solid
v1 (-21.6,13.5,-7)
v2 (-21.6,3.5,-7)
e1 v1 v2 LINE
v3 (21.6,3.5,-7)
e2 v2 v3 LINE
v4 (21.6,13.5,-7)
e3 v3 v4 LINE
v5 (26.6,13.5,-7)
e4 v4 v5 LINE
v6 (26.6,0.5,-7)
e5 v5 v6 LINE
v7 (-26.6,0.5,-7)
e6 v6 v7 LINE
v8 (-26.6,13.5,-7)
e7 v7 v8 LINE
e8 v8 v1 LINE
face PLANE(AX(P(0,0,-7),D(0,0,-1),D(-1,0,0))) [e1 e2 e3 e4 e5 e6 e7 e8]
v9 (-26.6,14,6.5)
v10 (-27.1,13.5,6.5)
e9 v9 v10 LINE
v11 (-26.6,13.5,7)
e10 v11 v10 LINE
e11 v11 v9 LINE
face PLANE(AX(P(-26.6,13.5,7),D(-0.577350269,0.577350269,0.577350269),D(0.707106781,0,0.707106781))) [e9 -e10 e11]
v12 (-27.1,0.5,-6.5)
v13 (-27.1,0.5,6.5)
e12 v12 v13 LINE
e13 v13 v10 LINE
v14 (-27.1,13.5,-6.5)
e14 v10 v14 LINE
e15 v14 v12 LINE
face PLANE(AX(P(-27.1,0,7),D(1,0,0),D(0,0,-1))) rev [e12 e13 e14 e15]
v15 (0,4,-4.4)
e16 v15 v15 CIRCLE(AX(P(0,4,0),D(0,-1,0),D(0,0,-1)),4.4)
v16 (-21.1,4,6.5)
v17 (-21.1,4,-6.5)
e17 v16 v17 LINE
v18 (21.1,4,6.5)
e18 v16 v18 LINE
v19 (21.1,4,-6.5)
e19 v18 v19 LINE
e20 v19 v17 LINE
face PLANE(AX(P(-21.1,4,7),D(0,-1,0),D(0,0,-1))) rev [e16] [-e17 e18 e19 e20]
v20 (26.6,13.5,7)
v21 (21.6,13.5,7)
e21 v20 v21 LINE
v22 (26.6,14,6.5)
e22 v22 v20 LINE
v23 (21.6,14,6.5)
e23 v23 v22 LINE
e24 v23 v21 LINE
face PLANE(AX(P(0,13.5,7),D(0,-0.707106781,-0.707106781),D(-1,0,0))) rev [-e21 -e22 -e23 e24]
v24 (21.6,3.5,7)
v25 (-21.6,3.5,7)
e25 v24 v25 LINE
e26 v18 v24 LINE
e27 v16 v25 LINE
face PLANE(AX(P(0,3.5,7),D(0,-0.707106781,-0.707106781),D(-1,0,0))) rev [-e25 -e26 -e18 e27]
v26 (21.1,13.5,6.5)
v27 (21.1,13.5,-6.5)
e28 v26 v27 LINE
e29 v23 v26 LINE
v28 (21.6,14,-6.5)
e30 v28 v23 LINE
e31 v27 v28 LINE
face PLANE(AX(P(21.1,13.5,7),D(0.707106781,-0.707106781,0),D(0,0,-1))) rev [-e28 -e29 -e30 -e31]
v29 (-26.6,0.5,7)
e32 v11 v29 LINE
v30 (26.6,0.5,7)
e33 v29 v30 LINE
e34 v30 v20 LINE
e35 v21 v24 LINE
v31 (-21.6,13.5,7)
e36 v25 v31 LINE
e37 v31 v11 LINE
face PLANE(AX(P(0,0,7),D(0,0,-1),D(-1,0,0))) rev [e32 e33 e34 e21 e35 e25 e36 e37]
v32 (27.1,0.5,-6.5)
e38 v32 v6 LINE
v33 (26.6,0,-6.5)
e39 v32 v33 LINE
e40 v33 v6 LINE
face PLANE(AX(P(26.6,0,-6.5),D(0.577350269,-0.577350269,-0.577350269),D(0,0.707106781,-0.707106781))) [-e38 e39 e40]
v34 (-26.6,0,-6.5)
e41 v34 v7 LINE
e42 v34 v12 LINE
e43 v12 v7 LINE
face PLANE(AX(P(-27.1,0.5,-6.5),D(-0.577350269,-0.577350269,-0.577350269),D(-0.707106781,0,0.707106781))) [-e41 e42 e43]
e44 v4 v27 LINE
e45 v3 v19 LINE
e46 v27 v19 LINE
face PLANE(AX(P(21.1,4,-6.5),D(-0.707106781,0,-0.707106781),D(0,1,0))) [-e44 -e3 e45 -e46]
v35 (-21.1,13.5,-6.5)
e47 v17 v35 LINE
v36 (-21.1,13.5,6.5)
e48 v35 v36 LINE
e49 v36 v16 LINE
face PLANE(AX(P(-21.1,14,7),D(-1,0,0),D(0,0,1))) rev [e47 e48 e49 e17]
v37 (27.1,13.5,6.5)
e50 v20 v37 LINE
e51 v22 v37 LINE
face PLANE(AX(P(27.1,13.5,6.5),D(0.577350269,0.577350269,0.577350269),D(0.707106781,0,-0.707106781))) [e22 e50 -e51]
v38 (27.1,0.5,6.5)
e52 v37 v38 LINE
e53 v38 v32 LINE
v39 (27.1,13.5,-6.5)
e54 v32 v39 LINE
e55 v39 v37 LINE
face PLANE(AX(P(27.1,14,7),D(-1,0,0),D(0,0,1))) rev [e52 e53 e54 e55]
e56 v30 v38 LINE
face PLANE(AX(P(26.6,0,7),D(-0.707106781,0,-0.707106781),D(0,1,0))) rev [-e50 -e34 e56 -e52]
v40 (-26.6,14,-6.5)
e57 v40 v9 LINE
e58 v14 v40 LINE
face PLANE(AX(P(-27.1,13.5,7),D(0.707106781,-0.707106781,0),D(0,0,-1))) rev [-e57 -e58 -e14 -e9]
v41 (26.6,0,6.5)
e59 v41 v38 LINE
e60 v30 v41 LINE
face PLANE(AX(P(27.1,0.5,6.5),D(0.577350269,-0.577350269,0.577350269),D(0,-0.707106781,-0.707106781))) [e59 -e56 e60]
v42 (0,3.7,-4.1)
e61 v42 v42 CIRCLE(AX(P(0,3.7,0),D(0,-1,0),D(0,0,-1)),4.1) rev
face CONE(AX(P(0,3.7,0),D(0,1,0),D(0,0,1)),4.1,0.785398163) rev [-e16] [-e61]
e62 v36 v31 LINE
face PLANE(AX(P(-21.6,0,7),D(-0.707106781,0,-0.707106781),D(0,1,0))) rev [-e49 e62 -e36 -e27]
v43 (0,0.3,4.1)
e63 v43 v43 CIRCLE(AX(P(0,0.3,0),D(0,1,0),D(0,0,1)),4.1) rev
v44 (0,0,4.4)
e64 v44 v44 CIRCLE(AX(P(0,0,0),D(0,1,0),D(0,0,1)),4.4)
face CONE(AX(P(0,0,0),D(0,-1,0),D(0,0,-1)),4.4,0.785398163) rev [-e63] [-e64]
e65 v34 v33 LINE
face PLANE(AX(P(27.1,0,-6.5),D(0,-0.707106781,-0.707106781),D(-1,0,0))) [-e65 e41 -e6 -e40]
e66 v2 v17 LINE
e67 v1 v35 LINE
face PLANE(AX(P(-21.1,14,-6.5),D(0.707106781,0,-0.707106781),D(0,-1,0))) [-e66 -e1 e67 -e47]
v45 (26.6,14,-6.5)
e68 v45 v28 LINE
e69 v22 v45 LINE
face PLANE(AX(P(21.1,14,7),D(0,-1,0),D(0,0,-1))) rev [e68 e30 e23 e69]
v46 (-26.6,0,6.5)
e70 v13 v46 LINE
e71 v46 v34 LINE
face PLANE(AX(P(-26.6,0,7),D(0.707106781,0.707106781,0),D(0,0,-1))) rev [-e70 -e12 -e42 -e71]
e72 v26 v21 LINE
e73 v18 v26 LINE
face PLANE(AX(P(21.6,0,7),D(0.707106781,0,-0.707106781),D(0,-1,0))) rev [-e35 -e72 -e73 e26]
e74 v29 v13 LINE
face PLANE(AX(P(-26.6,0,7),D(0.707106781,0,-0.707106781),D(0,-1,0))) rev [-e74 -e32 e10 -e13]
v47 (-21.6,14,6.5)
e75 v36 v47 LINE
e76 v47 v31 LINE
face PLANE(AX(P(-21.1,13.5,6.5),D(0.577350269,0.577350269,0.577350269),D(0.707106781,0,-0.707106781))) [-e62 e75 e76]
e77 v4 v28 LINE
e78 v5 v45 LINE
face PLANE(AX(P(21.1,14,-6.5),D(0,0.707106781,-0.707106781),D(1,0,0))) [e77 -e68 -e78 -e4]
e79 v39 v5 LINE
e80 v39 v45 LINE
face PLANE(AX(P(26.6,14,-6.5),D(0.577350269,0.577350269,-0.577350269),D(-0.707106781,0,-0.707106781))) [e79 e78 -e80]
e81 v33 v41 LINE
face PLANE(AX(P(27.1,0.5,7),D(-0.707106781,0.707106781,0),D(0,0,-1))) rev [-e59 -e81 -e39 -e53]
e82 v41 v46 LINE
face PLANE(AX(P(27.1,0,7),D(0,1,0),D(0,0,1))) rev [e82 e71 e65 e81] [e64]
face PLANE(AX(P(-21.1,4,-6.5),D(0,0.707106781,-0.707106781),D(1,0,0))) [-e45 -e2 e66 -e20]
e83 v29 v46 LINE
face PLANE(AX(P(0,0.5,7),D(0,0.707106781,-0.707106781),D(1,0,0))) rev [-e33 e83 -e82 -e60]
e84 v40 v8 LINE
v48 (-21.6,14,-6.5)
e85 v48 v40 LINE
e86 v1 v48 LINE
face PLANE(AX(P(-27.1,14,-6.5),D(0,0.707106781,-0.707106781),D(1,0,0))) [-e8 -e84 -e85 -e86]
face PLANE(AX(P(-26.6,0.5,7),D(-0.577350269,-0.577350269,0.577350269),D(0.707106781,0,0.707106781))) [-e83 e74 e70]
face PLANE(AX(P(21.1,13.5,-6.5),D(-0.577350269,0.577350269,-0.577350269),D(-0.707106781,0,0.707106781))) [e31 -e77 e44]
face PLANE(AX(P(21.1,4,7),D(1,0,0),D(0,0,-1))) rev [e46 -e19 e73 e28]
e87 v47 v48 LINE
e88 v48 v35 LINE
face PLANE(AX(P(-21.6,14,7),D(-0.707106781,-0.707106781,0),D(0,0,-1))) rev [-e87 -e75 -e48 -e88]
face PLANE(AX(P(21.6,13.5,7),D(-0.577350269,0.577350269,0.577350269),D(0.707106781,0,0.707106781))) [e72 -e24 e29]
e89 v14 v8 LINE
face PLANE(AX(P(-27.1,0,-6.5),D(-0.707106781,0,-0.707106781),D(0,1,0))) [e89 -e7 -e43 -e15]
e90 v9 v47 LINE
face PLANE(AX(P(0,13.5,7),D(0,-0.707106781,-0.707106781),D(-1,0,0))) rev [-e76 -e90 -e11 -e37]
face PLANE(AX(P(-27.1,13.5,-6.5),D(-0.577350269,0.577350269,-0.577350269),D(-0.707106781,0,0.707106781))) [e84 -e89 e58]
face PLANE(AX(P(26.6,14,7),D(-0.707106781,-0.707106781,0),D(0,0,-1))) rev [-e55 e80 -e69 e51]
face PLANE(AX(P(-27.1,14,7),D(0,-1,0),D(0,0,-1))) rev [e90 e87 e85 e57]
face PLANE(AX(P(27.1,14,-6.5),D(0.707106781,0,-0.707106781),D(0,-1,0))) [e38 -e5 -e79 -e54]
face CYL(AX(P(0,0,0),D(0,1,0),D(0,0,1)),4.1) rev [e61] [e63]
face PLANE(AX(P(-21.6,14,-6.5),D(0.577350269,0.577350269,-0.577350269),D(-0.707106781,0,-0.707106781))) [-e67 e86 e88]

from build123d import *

# Parameters (mm, degrees)
BOSS_EXTRUDE1_DEPTH = 7
SKETCH2_R           = 4.1
CUT_EXTRUDE1_DEPTH  = 30.722213915
CHAMFER1_SIZE       = 0.5
CHAMFER2_SIZE       = 0.3


with BuildPart() as part:
    # Sketch1 → Boss-Extrude1 (new, symmetric)
    with BuildSketch(Plane.XY):
        Polygon((-21.1, 14), (-21.1, 4), (21.1, 4), (21.1, 14), (27.1, 14), (27.1, 0), (-27.1, 0), (-27.1, 14), align=None)
    extrude(amount=BOSS_EXTRUDE1_DEPTH, both=True)

    # Sketch2 → Cut-Extrude1 (cut, through all)
    with BuildSketch(Plane(origin=(0, 4, 0), x_dir=(1, 0, 0), z_dir=(0, 1, 0))):
        with Locations(Location((0, 0, 0), (0, 0, 270))):
            Circle(SKETCH2_R)
    extrude(amount=-CUT_EXTRUDE1_DEPTH, mode=Mode.SUBTRACT)

    # Chamfer1
    chamfer1_edges = [part.edges().sort_by_distance(p)[0] for p in [
        (27.1, 7, -7),
        (0, 0, -7),
        (-27.1, 7, -7),
        (-24.1, 14, -7),
        (0, 0, 7),
        (-21.1, 14, 0),
        (21.1, 14, 0),
        (27.1, 14, 0),
        (27.1, 0, 0),
        (-27.1, 0, 0),
        (-27.1, 14, 0),
        (27.1, 7, 7),
        (24.1, 14, 7),
        (21.1, 9, 7),
        (0, 4, 7),
        (-21.1, 9, 7),
        (-24.1, 14, 7),
        (-21.1, 9, -7),
        (-27.1, 7, 7),
        (0, 4, -7),
        (21.1, 9, -7),
        (24.1, 14, -7),
    ]]
    chamfer(chamfer1_edges, length=CHAMFER1_SIZE)

    # Chamfer2
    chamfer2_edges = [part.edges().sort_by_distance(p)[0] for p in [
        (0, 0, -4.1),
        (0, 4, -4.1),
    ]]
    chamfer(chamfer2_edges, length=CHAMFER2_SIZE)


solid = part.part
